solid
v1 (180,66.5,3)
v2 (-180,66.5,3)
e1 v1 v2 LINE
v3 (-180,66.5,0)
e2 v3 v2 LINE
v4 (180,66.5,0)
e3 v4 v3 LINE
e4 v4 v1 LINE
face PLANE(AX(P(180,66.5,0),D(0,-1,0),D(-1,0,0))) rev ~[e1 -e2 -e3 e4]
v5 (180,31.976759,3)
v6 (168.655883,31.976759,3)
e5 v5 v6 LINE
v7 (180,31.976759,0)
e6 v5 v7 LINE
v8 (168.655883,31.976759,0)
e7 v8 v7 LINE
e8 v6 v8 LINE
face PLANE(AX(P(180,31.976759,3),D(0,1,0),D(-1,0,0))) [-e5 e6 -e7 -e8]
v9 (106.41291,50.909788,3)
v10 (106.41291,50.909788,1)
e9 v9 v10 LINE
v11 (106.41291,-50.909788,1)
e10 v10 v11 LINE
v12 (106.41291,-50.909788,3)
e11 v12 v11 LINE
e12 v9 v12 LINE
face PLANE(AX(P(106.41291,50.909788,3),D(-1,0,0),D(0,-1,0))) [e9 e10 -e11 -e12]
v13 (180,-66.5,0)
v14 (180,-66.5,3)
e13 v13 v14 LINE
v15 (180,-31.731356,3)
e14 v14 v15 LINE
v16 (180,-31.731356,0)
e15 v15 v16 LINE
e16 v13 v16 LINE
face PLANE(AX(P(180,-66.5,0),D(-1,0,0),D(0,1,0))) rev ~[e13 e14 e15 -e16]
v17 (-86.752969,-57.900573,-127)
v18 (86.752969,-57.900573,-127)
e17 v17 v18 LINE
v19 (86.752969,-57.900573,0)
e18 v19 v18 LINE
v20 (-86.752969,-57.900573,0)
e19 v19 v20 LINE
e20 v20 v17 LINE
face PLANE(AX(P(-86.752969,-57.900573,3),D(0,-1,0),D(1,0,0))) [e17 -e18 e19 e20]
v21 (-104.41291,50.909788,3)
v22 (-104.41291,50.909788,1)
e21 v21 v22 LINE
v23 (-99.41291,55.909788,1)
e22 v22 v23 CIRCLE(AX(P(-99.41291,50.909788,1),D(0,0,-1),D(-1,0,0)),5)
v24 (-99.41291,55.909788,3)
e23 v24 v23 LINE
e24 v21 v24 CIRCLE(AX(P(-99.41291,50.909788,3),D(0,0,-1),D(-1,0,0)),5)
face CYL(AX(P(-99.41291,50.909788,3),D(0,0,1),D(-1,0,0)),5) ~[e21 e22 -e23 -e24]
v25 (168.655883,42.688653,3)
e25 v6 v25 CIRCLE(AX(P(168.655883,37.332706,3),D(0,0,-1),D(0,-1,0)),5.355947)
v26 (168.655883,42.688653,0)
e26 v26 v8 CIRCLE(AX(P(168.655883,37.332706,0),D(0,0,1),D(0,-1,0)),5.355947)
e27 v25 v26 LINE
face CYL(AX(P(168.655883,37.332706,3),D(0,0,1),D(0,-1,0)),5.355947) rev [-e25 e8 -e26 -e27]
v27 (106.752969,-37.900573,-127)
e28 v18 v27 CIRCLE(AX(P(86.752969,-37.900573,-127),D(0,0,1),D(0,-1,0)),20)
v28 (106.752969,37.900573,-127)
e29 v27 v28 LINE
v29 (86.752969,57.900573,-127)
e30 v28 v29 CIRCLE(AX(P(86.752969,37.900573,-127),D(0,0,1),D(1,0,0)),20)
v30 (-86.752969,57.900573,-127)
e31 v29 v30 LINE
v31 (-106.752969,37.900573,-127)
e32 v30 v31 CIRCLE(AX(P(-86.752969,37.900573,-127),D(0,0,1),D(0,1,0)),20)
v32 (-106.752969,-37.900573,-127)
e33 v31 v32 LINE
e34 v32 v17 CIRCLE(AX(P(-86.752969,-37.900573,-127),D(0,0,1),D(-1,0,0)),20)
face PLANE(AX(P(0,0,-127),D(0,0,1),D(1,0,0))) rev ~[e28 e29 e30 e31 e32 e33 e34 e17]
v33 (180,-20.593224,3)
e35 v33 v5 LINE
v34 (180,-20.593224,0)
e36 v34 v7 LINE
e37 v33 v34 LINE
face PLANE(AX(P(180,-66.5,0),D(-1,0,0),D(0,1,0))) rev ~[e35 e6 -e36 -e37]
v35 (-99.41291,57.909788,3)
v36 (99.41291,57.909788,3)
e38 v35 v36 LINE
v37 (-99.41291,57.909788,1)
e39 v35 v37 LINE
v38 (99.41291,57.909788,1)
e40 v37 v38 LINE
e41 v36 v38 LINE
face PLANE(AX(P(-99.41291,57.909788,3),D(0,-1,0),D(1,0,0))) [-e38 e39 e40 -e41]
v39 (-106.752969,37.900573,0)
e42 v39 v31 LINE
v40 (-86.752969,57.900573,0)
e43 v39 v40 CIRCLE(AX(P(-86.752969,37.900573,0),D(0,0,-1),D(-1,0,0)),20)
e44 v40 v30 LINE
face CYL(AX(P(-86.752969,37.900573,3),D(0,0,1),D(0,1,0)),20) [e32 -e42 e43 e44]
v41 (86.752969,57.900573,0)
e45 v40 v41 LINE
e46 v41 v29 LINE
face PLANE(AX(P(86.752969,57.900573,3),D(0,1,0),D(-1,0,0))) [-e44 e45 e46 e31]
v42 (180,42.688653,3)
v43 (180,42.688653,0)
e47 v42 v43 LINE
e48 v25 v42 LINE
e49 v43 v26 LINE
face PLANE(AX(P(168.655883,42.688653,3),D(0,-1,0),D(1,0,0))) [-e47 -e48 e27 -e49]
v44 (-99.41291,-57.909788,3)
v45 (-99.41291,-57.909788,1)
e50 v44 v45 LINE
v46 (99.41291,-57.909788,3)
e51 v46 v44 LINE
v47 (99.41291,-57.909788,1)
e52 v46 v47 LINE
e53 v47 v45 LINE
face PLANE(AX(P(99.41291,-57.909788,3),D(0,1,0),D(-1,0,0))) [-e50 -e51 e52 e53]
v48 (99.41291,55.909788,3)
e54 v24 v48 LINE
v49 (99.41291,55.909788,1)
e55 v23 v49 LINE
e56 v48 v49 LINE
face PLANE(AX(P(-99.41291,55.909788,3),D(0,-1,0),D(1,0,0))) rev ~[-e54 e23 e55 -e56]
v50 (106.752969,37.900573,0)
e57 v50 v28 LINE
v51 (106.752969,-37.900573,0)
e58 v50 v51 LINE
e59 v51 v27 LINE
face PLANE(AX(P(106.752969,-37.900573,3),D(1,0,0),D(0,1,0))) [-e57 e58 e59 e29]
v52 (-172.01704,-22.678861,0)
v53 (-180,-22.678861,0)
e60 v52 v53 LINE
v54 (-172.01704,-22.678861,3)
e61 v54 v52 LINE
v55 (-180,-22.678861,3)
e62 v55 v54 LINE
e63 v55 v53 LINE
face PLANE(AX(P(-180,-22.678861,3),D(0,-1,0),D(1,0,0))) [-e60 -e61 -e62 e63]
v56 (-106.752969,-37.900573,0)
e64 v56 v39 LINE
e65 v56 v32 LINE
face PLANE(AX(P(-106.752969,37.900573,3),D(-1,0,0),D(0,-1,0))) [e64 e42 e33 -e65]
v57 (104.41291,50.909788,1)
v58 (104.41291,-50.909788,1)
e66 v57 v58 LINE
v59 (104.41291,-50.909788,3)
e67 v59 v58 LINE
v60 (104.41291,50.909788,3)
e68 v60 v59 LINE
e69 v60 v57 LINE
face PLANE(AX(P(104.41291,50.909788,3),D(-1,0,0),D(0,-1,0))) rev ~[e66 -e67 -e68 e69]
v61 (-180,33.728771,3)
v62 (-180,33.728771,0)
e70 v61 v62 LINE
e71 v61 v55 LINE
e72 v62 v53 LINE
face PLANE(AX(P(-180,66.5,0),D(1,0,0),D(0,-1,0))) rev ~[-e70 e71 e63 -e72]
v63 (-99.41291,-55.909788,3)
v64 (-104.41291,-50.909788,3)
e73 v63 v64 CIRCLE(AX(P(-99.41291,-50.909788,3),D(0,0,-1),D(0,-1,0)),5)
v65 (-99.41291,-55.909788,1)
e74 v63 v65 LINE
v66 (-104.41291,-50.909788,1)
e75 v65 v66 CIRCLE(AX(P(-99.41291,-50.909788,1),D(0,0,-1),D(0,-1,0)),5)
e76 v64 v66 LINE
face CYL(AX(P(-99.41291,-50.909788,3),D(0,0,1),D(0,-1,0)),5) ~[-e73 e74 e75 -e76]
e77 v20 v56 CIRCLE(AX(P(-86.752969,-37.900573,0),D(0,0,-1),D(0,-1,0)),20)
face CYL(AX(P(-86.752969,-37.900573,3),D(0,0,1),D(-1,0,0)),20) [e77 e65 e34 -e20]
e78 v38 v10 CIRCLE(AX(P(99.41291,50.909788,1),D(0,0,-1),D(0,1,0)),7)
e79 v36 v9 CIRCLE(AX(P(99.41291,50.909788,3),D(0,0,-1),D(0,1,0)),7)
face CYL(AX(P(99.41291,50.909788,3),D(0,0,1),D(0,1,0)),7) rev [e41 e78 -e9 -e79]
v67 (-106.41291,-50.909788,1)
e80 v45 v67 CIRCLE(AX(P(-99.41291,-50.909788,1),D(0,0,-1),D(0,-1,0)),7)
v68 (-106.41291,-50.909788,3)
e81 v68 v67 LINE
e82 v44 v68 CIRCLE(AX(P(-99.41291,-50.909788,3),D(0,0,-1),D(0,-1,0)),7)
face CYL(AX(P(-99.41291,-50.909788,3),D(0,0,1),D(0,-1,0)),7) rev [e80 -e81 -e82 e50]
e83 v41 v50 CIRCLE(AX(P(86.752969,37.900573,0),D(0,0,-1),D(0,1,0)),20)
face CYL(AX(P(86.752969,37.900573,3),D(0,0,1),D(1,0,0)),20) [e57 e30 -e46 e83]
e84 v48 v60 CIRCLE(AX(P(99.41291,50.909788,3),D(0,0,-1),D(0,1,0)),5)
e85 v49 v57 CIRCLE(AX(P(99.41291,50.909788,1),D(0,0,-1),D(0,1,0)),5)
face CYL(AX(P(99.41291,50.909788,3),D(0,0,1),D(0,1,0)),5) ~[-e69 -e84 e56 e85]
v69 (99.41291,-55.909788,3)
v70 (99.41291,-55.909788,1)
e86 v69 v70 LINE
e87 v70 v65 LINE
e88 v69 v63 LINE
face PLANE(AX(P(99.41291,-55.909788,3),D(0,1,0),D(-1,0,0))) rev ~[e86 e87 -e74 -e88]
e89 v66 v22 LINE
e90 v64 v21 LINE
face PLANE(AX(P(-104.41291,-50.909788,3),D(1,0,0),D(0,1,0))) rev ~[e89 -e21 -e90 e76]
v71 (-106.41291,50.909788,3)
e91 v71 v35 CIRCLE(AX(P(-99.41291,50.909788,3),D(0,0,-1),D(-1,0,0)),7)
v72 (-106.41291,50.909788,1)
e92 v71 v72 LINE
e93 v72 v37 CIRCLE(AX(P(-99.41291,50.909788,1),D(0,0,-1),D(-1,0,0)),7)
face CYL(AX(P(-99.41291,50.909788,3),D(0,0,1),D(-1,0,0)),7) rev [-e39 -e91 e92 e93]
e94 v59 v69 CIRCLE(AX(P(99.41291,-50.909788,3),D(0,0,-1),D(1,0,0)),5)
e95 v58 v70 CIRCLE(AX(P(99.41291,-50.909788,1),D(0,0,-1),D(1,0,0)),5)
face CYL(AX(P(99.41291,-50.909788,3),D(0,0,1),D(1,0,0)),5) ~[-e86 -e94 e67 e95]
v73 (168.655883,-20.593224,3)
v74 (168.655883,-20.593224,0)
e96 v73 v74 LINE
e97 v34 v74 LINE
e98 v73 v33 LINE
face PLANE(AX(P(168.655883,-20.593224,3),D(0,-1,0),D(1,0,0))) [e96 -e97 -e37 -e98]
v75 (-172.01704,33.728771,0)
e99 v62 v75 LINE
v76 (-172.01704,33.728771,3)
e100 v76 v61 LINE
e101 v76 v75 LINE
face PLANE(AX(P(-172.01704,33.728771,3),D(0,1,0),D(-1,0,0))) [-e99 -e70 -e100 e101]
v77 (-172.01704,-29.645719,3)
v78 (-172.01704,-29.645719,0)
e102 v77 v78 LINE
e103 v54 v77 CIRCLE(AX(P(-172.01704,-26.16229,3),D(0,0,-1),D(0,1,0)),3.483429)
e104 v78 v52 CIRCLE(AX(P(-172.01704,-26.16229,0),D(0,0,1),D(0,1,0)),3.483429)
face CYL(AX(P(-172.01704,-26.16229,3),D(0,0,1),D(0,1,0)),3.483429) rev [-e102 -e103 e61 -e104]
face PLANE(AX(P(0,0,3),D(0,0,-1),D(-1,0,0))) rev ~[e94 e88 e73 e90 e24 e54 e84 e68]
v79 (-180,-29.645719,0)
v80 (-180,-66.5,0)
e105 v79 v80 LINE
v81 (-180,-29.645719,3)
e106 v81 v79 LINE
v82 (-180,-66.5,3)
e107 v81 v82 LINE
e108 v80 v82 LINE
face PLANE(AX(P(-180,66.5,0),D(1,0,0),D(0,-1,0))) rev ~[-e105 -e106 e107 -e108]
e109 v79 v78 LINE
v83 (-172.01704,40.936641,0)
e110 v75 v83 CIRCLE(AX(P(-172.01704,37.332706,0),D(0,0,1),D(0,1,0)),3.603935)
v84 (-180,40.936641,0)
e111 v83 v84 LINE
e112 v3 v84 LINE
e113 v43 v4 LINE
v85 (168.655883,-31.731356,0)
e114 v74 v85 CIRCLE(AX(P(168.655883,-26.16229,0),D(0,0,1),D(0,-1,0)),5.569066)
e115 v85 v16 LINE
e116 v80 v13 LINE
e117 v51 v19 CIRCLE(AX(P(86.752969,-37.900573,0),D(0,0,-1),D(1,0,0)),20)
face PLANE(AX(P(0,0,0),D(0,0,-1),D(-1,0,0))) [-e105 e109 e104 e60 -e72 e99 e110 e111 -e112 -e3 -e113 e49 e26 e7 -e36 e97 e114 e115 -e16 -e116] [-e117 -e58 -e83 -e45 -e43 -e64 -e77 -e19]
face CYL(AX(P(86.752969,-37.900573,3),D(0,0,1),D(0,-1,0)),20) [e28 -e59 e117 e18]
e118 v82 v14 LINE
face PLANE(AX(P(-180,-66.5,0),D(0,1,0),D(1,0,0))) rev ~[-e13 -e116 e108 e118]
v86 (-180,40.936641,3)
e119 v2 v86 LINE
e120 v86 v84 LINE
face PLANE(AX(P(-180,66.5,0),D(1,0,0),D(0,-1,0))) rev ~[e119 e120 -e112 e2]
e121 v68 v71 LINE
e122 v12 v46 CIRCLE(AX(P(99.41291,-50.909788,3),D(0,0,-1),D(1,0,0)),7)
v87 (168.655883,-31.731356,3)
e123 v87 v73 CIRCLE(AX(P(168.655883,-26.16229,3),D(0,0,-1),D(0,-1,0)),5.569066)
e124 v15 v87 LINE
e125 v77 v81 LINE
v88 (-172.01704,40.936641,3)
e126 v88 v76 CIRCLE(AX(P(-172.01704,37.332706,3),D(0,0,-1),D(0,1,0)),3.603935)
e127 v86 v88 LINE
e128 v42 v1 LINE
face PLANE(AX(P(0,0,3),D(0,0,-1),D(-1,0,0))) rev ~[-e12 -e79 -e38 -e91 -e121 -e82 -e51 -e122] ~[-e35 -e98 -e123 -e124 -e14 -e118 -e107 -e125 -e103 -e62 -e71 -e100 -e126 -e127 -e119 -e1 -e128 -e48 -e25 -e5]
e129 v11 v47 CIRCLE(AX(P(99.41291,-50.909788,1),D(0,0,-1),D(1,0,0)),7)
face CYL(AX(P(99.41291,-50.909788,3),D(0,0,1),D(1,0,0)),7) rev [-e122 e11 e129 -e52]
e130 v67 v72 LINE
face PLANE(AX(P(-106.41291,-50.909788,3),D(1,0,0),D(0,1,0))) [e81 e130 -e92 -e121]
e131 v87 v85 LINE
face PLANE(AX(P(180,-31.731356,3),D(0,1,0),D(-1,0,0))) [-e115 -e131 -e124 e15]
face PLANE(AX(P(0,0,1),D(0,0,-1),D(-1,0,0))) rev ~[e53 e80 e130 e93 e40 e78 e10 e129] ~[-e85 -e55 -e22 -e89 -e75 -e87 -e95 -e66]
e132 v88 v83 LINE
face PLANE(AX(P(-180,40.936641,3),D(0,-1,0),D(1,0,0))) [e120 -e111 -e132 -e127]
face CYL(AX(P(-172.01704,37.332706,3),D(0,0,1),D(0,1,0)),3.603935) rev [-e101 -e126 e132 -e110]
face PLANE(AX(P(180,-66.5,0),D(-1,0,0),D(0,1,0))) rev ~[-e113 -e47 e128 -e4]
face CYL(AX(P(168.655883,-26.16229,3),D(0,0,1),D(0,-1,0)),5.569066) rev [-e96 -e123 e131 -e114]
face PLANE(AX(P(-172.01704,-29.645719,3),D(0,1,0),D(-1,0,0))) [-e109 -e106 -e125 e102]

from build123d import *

# Parameters (mm, degrees)
SALIENTE_EXTRUIR1_DEPTH = 3
SALIENTE_EXTRUIR2_DEPTH = 130
CORTAR_EXTRUIR1_DEPTH   = 2
CORTAR_EXTRUIR2_DEPTH   = 29


with BuildPart() as part:
    # Croquis1 → Saliente-Extruir1 (new body)
    with BuildSketch(Plane.XY):
        Polygon((-180, 59.5), (-180, 66.5), (-173, 66.5), (173, 66.5), (180, 66.5), (180, 59.5), (180, -59.5), (180, -66.5), (173, -66.5), (-173, -66.5), (-180, -66.5), (-180, -59.5), align=None)
        with BuildLine():
            Line((-86.752968629, 57.900573009), (86.752968629, 57.900573009))
            ThreePointArc((86.752968629, 57.900573009), (100.895104253, 52.042708633), (106.752968629, 37.900573009))
            Line((106.752968629, 37.900573009), (106.752968629, -37.900573009))
            ThreePointArc((106.752968629, -37.900573009), (100.895104253, -52.042708633), (86.752968629, -57.900573009))
            Line((86.752968629, -57.900573009), (-86.752968629, -57.900573009))
            ThreePointArc((-86.752968629, -57.900573009), (-100.895104253, -52.042708633), (-106.752968629, -37.900573009))
            Line((-106.752968629, -37.900573009), (-106.752968629, 37.900573009))
            ThreePointArc((-106.752968629, 37.900573009), (-100.895104253, 52.042708633), (-86.752968629, 57.900573009))
        make_face(mode=Mode.SUBTRACT)
    extrude(amount=SALIENTE_EXTRUIR1_DEPTH)

    # Croquis2 → Saliente-Extruir2 (add)
    with BuildSketch(Plane.XY.offset(3)):
        with BuildLine():
            Line((-106.752968629, 37.900573009), (-106.752968629, -37.900573009))
            ThreePointArc((-106.752968629, -37.900573009), (-100.895104253, -52.042708633), (-86.752968629, -57.900573009))
            Line((-86.752968629, -57.900573009), (86.752968629, -57.900573009))
            ThreePointArc((86.752968629, -57.900573009), (100.895104253, -52.042708633), (106.752968629, -37.900573009))
            Line((106.752968629, -37.900573009), (106.752968629, 37.900573009))
            ThreePointArc((106.752968629, 37.900573009), (100.895104253, 52.042708633), (86.752968629, 57.900573009))
            Line((86.752968629, 57.900573009), (-86.752968629, 57.900573009))
            ThreePointArc((-86.752968629, 57.900573009), (-100.895104253, 52.042708633), (-106.752968629, 37.900573009))
        make_face()
    extrude(amount=-SALIENTE_EXTRUIR2_DEPTH)

    # Croquis3 → Cortar-Extruir1 (cut)
    with BuildSketch(Plane.XY.offset(3)):
        with BuildLine():
            Line((99.412909993, -57.909788035), (-99.412909993, -57.909788035))
            ThreePointArc((-99.412909993, -57.909788035), (-104.362657461, -55.859535503), (-106.412909993, -50.909788035))
            Line((-106.412909993, -50.909788035), (-106.412909993, 50.909788035))
            ThreePointArc((-106.412909993, 50.909788035), (-104.362657461, 55.859535503), (-99.412909993, 57.909788035))
            Line((-99.412909993, 57.909788035), (99.412909993, 57.909788035))
            ThreePointArc((99.412909993, 57.909788035), (104.362657461, 55.859535503), (106.412909993, 50.909788035))
            Line((106.412909993, 50.909788035), (106.412909993, -50.909788035))
            ThreePointArc((106.412909993, -50.909788035), (104.362657461, -55.859535503), (99.412909993, -57.909788035))
        make_face()
        with BuildLine():
            Line((-104.412909993, -50.909788035), (-104.412909993, 50.909788035))
            ThreePointArc((-104.412909993, 50.909788035), (-102.948443899, 54.445321941), (-99.412909993, 55.909788035))
            Line((-99.412909993, 55.909788035), (99.412909993, 55.909788035))
            ThreePointArc((99.412909993, 55.909788035), (102.948443899, 54.445321941), (104.412909993, 50.909788035))
            Line((104.412909993, 50.909788035), (104.412909993, -50.909788035))
            ThreePointArc((104.412909993, -50.909788035), (102.948443899, -54.445321941), (99.412909993, -55.909788035))
            Line((99.412909993, -55.909788035), (-99.412909993, -55.909788035))
            ThreePointArc((-99.412909993, -55.909788035), (-102.948443899, -54.445321941), (-104.412909993, -50.909788035))
        make_face(mode=Mode.SUBTRACT)
    extrude(amount=-CORTAR_EXTRUIR1_DEPTH, mode=Mode.SUBTRACT)

    # Croquis4 → Cortar-Extruir2 (cut)
    with BuildSketch(Plane.XY.offset(3)):
        with BuildLine():
            Line((-180, 40.936641428), (-172.017039574, 40.936641428))
            ThreePointArc((-172.017039574, 40.936641428), (-168.413104138, 37.332705992), (-172.017039574, 33.728770556))
            Line((-172.017039574, 33.728770556), (-180, 33.728770556))
            ThreePointArc((-180, 33.728770556), (-183.603935436, 37.332705992), (-180, 40.936641428))
        make_face()
        with BuildLine():
            Line((-180, -22.678860967), (-172.017039574, -22.678860967))
            ThreePointArc((-172.017039574, -22.678860967), (-168.533610515, -26.162290026), (-172.017039574, -29.645719085))
            Line((-172.017039574, -29.645719085), (-180, -29.645719085))
            ThreePointArc((-180, -29.645719085), (-183.483429059, -26.162290026), (-180, -22.678860967))
        make_face()
        with BuildLine():
            Line((180, 31.976759047), (168.655882601, 31.976759047))
            ThreePointArc((168.655882601, 31.976759047), (163.299935657, 37.332705992), (168.655882601, 42.688652937))
            Line((168.655882601, 42.688652937), (180, 42.688652937))
            ThreePointArc((180, 42.688652937), (185.355946945, 37.332705992), (180, 31.976759047))
        make_face()
        with BuildLine():
            Line((180, -31.731355776), (168.655882601, -31.731355776))
            ThreePointArc((168.655882601, -31.731355776), (163.086816851, -26.162290026), (168.655882601, -20.593224276))
            Line((168.655882601, -20.593224276), (180, -20.593224276))
            ThreePointArc((180, -20.593224276), (185.56906575, -26.162290026), (180, -31.731355776))
        make_face()
    extrude(amount=-CORTAR_EXTRUIR2_DEPTH, mode=Mode.SUBTRACT)


solid = part.part
